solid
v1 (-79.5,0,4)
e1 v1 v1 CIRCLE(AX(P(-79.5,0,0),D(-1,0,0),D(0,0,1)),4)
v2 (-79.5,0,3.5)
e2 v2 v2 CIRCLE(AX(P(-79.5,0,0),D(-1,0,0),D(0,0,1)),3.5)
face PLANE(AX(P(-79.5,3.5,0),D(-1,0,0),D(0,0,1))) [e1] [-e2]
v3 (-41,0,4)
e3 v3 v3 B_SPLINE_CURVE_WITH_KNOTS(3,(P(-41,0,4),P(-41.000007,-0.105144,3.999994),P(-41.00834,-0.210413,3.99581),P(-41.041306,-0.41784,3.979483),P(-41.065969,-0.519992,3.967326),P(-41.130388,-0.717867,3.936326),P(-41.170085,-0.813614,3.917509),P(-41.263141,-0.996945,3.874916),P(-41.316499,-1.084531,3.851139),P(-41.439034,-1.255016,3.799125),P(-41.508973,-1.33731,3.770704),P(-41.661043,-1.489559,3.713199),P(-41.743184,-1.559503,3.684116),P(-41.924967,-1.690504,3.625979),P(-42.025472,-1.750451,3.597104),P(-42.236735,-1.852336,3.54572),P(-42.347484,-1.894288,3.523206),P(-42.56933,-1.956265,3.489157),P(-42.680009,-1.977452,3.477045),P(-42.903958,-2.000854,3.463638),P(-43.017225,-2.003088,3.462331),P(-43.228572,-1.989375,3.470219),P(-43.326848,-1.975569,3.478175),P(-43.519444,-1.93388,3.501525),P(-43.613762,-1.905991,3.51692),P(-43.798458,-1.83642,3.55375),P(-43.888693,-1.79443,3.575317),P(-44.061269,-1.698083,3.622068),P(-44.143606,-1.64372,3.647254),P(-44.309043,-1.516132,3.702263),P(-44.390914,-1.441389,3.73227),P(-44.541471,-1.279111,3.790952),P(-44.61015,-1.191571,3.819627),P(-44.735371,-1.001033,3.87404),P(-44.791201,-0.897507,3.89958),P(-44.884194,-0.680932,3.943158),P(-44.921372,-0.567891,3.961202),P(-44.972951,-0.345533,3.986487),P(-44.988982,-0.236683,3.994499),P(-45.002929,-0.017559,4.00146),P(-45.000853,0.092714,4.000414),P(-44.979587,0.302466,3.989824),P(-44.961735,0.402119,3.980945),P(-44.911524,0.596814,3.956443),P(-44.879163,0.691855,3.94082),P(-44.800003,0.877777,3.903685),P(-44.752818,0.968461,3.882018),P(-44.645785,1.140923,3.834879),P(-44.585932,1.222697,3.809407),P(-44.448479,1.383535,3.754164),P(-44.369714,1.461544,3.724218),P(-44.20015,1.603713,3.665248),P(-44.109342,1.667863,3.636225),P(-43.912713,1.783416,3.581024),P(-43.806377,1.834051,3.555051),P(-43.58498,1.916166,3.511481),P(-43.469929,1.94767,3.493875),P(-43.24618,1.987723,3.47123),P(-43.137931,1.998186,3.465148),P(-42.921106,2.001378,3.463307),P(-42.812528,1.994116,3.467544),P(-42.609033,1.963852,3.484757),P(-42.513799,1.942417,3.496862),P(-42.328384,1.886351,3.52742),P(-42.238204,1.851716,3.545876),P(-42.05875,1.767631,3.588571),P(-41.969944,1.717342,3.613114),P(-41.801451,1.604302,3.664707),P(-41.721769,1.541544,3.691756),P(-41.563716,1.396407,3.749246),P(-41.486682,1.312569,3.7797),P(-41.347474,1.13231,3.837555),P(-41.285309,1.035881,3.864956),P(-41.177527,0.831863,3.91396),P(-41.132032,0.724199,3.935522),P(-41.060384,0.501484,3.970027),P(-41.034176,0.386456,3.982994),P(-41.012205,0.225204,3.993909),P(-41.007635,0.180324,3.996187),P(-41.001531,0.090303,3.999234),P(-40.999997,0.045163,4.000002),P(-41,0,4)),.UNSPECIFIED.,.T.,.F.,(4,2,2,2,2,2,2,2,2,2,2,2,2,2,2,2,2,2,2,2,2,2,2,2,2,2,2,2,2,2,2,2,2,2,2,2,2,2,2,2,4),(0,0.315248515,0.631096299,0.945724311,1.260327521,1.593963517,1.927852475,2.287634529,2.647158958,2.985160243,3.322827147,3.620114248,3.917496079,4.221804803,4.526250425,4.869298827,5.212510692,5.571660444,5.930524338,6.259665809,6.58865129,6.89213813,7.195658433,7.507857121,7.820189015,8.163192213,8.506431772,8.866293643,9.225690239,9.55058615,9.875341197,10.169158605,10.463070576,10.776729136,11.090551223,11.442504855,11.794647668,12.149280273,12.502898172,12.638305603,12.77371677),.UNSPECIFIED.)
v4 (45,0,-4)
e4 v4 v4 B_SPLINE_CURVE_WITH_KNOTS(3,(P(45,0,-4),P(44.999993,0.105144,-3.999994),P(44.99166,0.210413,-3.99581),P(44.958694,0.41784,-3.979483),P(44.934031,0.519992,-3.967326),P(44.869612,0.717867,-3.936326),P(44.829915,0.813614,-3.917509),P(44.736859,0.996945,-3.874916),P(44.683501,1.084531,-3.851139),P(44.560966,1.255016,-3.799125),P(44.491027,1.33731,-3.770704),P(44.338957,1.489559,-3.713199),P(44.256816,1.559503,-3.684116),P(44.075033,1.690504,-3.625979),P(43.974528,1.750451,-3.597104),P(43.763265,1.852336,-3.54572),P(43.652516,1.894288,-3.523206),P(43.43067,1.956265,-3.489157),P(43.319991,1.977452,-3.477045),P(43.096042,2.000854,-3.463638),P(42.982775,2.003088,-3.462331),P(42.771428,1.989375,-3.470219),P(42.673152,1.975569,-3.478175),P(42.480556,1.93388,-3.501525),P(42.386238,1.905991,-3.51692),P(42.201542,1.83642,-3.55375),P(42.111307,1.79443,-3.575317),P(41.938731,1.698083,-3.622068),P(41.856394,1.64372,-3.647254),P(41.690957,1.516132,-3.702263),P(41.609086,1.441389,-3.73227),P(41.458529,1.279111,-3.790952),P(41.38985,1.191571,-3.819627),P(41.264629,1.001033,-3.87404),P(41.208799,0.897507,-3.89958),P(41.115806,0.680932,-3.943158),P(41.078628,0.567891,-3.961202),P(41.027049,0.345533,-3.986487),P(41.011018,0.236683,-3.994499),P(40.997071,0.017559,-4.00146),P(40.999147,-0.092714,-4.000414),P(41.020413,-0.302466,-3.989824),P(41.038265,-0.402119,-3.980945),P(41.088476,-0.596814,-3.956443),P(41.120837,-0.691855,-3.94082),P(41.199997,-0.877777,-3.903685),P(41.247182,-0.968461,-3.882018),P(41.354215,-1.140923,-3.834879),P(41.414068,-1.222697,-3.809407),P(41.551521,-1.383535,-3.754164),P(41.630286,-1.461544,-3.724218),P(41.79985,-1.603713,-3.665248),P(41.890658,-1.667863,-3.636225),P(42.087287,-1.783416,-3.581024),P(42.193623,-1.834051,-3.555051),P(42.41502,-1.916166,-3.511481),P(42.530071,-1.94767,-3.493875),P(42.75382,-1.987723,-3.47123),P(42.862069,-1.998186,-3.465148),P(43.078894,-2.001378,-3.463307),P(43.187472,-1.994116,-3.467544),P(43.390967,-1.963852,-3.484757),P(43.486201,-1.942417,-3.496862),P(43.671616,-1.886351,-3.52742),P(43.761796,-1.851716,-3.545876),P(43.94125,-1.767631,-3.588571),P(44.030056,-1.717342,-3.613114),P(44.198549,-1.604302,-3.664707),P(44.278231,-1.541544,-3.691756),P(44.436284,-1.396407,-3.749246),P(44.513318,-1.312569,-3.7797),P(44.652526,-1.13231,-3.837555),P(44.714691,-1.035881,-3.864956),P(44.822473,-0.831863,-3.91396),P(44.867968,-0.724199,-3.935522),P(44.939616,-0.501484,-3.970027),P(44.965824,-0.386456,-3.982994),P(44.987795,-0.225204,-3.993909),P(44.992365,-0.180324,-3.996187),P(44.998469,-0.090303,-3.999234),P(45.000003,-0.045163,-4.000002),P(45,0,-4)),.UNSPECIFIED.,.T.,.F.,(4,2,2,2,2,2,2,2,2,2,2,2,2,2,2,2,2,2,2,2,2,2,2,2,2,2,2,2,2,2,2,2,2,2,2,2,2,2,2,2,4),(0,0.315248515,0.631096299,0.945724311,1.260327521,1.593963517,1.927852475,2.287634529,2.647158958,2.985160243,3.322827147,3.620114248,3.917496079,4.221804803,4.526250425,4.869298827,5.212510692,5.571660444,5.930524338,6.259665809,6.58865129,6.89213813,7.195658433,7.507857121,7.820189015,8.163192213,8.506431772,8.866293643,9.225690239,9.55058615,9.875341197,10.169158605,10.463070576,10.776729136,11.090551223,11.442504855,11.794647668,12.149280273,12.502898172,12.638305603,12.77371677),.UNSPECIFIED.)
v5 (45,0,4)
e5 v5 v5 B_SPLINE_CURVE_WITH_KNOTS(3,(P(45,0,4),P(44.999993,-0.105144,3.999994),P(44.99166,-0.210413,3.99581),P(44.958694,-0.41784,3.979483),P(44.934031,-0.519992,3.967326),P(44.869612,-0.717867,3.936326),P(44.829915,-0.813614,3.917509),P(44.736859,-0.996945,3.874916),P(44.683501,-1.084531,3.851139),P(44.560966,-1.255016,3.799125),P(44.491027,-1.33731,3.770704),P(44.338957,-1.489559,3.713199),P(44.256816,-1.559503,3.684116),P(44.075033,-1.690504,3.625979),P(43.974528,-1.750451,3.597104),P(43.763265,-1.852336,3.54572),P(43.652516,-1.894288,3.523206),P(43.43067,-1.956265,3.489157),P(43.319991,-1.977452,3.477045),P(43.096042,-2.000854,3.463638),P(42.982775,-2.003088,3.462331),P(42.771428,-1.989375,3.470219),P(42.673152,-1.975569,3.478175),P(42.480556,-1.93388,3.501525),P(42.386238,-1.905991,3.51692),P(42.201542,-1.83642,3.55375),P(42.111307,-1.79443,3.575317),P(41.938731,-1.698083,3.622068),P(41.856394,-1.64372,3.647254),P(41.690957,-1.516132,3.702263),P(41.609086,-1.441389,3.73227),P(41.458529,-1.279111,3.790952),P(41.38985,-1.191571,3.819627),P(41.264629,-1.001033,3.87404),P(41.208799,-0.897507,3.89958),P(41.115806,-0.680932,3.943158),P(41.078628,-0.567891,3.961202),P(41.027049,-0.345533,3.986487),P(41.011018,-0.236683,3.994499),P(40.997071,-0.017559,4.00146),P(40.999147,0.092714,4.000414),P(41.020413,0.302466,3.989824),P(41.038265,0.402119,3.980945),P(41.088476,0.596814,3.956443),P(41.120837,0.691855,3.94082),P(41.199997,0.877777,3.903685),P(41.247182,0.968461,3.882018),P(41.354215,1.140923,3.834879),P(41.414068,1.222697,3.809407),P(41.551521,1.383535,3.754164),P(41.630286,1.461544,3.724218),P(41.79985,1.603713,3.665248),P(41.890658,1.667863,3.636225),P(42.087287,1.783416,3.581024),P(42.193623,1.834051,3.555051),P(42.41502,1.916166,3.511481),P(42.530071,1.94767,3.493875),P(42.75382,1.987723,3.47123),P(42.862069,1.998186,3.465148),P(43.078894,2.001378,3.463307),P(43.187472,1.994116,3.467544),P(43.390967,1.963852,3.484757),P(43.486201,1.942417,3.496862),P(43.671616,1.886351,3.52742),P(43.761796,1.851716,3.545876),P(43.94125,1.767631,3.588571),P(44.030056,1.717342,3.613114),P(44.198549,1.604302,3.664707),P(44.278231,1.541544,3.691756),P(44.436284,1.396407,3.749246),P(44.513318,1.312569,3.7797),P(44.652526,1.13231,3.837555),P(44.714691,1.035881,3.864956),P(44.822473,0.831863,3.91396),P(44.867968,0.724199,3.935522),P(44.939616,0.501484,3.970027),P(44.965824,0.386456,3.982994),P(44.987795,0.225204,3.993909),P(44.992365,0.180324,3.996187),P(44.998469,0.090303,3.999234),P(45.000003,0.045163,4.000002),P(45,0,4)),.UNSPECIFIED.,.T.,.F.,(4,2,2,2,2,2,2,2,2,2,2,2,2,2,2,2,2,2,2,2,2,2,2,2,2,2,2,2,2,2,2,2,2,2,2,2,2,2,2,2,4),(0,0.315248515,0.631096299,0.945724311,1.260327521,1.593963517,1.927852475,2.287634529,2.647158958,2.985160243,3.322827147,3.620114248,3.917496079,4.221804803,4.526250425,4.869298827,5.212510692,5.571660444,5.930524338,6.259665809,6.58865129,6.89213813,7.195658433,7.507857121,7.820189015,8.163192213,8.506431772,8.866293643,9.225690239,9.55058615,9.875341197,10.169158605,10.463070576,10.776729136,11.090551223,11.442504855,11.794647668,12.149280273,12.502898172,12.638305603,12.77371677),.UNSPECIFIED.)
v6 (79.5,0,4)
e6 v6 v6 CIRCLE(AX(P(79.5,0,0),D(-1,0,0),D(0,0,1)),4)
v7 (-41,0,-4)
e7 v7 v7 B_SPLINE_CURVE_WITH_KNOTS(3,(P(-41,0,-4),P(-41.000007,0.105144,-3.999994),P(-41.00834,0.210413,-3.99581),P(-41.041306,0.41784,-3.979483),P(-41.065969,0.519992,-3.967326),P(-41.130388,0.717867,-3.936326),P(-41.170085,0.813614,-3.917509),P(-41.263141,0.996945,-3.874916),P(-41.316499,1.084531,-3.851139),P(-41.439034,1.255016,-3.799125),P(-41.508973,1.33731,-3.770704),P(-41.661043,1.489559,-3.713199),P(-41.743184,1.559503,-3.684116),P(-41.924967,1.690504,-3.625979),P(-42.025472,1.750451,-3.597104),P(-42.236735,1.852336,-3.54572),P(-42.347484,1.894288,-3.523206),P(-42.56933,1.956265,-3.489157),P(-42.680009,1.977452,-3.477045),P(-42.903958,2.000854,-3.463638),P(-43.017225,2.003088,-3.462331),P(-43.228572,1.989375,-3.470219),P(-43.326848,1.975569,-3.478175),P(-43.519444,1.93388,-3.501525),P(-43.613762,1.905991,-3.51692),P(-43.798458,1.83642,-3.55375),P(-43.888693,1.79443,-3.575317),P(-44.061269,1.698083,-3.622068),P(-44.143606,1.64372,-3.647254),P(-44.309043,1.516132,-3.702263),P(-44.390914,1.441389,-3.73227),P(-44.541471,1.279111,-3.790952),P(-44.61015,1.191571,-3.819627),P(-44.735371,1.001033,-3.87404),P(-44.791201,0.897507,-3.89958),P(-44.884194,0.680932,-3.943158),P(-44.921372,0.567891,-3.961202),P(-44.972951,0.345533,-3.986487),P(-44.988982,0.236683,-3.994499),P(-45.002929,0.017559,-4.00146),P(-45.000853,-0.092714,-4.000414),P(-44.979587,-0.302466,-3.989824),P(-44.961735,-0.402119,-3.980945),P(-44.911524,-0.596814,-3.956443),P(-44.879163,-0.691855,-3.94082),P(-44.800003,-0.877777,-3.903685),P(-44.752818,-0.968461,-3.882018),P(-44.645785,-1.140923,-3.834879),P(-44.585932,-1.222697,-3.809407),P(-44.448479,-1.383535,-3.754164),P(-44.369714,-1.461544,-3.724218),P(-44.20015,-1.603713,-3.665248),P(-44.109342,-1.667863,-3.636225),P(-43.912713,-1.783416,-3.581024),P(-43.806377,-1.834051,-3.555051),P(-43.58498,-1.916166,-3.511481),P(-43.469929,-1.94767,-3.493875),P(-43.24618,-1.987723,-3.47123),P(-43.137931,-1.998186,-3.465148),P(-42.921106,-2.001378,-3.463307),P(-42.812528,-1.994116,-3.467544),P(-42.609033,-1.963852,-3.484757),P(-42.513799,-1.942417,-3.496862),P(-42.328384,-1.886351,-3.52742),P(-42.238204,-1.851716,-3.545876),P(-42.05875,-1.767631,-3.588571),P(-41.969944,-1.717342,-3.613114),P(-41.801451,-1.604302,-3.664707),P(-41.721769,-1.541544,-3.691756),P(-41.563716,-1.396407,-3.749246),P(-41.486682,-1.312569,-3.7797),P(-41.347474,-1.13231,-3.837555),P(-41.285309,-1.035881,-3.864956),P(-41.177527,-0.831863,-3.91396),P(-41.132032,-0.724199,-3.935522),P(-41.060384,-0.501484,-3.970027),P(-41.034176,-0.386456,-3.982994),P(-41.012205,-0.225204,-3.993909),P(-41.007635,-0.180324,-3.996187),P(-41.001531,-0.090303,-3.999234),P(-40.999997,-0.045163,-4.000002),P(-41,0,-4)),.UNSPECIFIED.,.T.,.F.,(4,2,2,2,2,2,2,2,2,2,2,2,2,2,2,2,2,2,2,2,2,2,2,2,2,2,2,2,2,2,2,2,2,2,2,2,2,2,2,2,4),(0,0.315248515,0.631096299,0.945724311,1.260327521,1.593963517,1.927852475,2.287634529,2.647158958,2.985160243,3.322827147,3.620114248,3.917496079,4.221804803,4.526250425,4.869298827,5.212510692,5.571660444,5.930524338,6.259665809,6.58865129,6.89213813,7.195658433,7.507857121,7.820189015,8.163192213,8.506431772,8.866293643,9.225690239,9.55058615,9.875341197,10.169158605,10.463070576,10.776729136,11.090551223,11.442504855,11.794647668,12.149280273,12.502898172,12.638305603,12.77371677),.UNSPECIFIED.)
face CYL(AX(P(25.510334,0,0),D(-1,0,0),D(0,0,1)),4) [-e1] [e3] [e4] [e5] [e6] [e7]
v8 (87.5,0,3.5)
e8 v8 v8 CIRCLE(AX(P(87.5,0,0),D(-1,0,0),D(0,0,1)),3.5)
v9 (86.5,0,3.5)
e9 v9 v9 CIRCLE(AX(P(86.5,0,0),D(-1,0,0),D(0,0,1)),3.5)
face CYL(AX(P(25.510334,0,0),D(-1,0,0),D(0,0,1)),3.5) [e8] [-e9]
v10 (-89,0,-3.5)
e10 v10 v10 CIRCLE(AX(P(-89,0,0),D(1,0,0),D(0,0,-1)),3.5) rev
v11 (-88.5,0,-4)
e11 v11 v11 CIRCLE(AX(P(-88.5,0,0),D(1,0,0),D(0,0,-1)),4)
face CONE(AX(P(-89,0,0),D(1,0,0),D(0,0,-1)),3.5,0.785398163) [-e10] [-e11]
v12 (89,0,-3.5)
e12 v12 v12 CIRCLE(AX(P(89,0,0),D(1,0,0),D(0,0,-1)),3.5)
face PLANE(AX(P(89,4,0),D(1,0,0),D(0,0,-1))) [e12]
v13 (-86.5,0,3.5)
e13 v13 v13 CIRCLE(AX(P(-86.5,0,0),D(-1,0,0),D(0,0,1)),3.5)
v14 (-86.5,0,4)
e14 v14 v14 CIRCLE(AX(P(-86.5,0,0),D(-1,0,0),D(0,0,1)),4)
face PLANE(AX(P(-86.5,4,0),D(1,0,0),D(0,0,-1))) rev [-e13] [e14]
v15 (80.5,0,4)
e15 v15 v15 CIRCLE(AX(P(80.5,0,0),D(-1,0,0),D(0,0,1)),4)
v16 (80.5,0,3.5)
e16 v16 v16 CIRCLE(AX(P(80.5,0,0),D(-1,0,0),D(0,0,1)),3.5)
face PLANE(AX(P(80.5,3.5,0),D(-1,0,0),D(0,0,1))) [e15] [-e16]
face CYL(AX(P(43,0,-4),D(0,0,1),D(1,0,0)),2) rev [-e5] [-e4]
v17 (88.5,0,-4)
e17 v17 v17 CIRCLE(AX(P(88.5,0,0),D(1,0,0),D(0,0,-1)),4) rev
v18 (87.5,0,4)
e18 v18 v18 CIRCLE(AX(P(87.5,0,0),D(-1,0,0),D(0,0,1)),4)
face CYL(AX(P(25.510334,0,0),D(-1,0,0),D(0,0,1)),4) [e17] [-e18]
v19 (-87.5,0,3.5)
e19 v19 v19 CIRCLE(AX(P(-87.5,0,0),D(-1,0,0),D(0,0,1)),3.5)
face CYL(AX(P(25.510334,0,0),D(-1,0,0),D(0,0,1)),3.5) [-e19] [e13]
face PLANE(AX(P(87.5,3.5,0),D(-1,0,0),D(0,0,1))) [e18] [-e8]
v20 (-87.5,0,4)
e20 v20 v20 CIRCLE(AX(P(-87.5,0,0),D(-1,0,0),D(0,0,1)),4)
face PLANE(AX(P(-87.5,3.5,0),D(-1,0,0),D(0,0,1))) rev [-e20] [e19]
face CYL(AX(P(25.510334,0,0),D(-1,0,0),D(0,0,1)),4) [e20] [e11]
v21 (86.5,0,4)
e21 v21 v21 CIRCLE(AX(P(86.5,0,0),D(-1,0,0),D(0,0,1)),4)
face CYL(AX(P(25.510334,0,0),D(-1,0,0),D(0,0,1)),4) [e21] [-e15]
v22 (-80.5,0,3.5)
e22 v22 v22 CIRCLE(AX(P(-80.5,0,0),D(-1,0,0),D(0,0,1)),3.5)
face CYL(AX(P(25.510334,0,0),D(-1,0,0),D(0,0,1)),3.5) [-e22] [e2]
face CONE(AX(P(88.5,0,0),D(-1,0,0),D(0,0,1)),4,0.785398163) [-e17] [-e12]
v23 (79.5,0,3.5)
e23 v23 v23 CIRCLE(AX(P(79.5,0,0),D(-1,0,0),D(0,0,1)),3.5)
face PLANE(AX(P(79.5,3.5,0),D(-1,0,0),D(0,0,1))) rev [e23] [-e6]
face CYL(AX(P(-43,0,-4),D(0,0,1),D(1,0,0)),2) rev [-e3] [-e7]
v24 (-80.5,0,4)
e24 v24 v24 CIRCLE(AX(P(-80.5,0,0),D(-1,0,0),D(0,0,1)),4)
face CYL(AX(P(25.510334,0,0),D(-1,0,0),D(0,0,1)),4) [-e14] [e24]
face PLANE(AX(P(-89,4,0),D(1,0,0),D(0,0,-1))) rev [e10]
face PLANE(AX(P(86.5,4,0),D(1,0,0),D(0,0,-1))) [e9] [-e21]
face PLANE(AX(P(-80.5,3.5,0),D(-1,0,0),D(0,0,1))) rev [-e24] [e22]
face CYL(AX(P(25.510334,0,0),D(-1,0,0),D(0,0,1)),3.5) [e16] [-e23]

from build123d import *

# Parameters (mm, degrees)
CHAMFER_1_SIZE      = 0.5
SKETCH_2_R          = 2
CUT_EXTRUDE_1_DEPTH = 9


with BuildPart() as part:
    # 草图1 → 旋转1 (revolve)
    with BuildSketch(Plane.XY, mode=Mode.PRIVATE) as revolve_1_sk:
        Polygon((-89, 0), (89, 0), (89, 4), (87.5, 4), (87.5, 3.5), (86.5, 3.5), (86.5, 4), (80.5, 4), (80.5, 3.5), (79.5, 3.5), (79.5, 4), (-79.5, 4), (-79.5, 3.5), (-80.5, 3.5), (-80.5, 4), (-86.5, 4), (-86.5, 3.5), (-87.5, 3.5), (-87.5, 4), (-89, 4), align=None)
    revolve(revolve_1_sk.sketch.rotate(Axis((25.510334062, 0, 0), (1, 0, 0)), 90), axis=Axis((25.510334062, 0, 0), (1, 0, 0)))

    # 倒角1
    chamfer_1_edges = [part.edges().sort_by_distance(p)[0] for p in [
        (89, 0, -4),
        (-89, 0, -4),
    ]]
    chamfer(chamfer_1_edges, length=CHAMFER_1_SIZE)

    # 草图2 → 切除-拉伸1 (cut)
    with BuildSketch(Plane.XY.offset(5)):
        with Locations((43, 0)):
            Circle(SKETCH_2_R)
        with Locations((-43, 0)):
            Circle(SKETCH_2_R)
    extrude(amount=-CUT_EXTRUDE_1_DEPTH, mode=Mode.SUBTRACT)


solid = part.part
